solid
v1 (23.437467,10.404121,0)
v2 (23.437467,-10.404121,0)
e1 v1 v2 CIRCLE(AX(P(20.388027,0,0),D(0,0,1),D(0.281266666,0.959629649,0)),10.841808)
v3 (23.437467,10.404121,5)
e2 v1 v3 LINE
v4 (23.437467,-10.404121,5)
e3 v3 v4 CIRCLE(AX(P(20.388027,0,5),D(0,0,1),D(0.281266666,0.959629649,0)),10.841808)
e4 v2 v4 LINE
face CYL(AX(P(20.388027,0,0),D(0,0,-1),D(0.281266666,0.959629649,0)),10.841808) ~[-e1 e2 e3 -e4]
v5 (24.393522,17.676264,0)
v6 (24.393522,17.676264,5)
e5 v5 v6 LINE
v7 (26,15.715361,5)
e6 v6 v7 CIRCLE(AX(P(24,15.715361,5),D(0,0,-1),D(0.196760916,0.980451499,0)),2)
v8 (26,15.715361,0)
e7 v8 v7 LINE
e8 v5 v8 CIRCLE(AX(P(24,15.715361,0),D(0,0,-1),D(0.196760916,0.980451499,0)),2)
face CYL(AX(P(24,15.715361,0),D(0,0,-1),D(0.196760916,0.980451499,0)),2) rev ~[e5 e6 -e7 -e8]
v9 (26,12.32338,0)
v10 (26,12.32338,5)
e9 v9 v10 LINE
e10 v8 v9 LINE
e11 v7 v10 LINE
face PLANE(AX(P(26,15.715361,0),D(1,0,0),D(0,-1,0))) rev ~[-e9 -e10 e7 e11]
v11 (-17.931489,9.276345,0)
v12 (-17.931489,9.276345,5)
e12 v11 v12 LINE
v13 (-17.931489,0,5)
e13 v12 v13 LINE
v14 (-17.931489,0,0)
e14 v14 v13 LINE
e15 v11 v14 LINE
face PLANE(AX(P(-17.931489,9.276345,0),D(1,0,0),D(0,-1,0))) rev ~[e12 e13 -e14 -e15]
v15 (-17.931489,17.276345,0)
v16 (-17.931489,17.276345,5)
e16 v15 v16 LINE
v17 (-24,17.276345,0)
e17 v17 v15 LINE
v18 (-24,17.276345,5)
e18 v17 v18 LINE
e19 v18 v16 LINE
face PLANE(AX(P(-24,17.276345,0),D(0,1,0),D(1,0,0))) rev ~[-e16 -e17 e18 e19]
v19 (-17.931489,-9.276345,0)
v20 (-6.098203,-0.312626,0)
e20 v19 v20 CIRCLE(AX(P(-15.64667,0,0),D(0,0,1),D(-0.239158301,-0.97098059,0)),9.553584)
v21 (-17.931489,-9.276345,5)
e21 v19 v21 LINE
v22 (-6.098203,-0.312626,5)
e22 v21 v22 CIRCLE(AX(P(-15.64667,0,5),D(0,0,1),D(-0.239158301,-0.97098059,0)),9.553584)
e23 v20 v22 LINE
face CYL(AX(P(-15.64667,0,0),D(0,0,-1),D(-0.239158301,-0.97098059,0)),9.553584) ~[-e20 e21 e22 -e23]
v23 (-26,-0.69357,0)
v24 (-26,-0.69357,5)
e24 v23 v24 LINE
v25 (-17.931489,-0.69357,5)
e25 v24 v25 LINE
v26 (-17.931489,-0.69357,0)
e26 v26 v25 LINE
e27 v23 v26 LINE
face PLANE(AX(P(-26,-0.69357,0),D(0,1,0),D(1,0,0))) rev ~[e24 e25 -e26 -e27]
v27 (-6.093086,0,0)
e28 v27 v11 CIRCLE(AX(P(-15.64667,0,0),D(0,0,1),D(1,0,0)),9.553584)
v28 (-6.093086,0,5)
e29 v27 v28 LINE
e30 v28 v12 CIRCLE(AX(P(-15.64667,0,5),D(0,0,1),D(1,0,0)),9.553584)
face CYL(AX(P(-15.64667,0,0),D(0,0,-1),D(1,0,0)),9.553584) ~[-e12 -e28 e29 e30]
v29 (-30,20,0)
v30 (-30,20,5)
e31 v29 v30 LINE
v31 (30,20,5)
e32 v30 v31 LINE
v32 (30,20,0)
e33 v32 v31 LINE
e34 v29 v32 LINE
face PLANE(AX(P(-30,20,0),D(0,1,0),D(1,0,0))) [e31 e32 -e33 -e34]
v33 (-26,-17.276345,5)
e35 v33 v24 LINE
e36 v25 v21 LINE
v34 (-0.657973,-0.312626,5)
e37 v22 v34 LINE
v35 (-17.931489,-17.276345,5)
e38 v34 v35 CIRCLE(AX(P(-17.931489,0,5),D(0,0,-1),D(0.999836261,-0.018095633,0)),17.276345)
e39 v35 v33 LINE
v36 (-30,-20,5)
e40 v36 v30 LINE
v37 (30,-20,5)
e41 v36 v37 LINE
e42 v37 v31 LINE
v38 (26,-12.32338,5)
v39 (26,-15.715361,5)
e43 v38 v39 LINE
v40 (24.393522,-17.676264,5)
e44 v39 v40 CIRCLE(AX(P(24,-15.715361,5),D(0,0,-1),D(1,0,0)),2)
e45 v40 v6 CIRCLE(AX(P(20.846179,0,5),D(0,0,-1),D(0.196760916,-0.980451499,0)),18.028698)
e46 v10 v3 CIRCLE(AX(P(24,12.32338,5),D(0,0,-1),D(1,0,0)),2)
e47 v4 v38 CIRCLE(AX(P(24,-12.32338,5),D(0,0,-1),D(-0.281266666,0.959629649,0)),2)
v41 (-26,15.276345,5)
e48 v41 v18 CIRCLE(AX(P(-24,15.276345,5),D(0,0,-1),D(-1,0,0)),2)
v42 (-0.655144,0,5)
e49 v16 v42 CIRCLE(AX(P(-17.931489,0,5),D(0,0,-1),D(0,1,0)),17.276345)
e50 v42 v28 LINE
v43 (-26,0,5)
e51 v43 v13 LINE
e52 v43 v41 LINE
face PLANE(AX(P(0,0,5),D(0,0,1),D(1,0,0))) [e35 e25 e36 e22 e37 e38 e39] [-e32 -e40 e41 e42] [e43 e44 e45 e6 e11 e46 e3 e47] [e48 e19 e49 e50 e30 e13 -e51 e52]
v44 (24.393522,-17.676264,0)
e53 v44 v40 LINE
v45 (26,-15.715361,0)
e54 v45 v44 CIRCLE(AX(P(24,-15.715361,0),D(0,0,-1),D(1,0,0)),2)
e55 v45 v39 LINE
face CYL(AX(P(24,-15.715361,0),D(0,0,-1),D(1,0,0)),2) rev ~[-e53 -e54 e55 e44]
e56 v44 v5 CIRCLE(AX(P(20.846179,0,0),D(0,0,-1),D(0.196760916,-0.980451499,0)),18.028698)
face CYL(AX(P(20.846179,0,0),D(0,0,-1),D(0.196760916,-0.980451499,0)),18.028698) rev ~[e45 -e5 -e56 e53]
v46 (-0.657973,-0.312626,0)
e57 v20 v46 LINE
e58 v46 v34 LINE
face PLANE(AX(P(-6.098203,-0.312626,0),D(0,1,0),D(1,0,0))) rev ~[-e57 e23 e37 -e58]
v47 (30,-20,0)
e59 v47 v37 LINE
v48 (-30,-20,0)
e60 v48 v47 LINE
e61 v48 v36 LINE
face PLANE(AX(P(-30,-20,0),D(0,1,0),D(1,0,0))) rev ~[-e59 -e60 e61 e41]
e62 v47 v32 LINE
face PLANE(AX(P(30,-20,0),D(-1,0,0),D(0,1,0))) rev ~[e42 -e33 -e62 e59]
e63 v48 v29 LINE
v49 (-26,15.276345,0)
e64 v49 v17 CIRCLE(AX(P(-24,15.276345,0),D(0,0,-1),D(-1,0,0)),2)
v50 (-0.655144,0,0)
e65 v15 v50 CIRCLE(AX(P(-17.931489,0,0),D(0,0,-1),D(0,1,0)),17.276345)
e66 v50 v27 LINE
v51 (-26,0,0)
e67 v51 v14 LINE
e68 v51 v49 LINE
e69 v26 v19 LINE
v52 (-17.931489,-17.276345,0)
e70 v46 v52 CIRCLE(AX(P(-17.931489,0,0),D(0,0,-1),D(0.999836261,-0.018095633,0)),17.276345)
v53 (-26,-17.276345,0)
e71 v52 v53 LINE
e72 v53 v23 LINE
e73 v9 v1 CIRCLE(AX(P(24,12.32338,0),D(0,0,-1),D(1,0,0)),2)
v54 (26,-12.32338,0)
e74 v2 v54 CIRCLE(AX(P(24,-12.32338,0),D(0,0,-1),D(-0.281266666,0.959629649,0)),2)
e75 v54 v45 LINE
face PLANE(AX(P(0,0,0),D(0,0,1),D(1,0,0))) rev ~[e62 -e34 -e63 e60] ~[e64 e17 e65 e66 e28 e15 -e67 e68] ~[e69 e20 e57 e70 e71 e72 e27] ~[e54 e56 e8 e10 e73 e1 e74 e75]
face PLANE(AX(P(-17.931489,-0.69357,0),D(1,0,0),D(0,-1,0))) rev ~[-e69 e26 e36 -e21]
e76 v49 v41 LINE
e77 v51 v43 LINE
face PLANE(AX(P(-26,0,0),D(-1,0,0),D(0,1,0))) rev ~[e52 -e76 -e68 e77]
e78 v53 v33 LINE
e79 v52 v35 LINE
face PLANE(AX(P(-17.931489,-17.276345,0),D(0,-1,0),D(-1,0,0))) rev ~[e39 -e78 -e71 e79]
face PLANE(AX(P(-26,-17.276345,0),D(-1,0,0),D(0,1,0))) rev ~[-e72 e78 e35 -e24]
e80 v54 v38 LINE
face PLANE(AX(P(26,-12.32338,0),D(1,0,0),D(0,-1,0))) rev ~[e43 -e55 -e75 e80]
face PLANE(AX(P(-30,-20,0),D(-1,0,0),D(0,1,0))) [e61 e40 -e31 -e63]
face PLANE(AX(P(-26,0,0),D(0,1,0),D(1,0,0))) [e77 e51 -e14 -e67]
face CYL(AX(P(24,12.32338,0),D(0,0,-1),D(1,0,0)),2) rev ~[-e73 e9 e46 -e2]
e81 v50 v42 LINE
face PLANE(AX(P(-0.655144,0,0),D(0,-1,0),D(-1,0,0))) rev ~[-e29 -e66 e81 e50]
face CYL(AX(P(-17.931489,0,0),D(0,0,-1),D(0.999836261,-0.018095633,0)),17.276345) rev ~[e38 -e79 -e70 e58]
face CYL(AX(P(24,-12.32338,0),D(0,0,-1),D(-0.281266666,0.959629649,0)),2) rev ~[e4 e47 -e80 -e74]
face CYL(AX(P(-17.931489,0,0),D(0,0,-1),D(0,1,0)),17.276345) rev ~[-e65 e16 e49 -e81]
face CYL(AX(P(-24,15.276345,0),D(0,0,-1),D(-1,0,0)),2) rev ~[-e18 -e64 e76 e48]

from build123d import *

# Parameters (mm, degrees)
F0_W     = 60
F0_H     = 40
F0_W_2   = 8.0685107261
F0_H_2   = 0.6935700076
F1_DEPTH = 5


with BuildPart() as f1:
    # F0 (on Top) → F1 (new body)
    with BuildSketch(Plane.XY):
        Rectangle(F0_W, F0_H)
        with BuildLine():
            ThreePointArc((-26, 15.2763448209), (-25.4142135624, 16.6905583832), (-24, 17.2763448209))
            Line((-24, 17.2763448209), (-17.9314892739, 17.2763448209))
            ThreePointArc((-17.9314892739, 17.2763448209), (-5.715268697, 12.2162205769), (-0.655144453, 0))
            ThreePointArc((-0.655144453, 0), (-0.655851672, -0.1563195998), (-0.657973271, -0.3126264014))
            ThreePointArc((-0.657973271, -0.3126264014), (-5.8263034253, -12.3262551467), (-17.9314892739, -17.2763448209))
            Line((-17.9314892739, -17.2763448209), (-26, -17.2763448209))
            Line((-26, -17.2763448209), (-26, -0.6935700076))
            Line((-26, -0.6935700076), (-26, 0))
            Line((-26, 0), (-26, 15.2763448209))
        make_face(mode=Mode.SUBTRACT)
        with BuildLine():
            ThreePointArc((24.3935218324, -17.6762643484), (2.8174802449, 0), (24.3935218324, 17.6762643484))
            ThreePointArc((24.3935218324, 17.6762643484), (25.5471011061, 16.9828305483), (26, 15.7153613504))
            Line((26, 15.7153613504), (26, 12.3233801185))
            ThreePointArc((26, 12.3233801185), (25.1989439805, 10.7225886481), (23.4374666684, 10.404120821))
            ThreePointArc((23.4374666684, 10.404120821), (9.5462189227, 0), (23.4374666684, -10.404120821))
            ThreePointArc((23.4374666684, -10.404120821), (25.1989439805, -10.7225886481), (26, -12.3233801185))
            Line((26, -12.3233801185), (26, -15.7153613504))
            ThreePointArc((26, -15.7153613504), (25.5471011061, -16.9828305483), (24.3935218324, -17.6762643484))
        make_face(mode=Mode.SUBTRACT)
        with BuildLine():
            ThreePointArc((-6.0930861142, 0), (-9.7541852385, 7.5199461868), (-17.9314892739, 9.2763448209))
            Line((-17.9314892739, 9.2763448209), (-17.9314892739, 0))
            Line((-17.9314892739, 0), (-17.9314892739, -0.6935700076))
            Line((-17.9314892739, -0.6935700076), (-17.9314892739, -9.2763448209))
            ThreePointArc((-17.9314892739, -9.2763448209), (-9.8780300644, -7.6153634638), (-6.0982025942, -0.3126264014))
            ThreePointArc((-6.0982025942, -0.3126264014), (-6.0943653199, -0.1563341335), (-6.0930861142, 0))
        make_face()
        with BuildLine():
            ThreePointArc((-0.657973271, -0.3126264014), (-0.655851672, -0.1563195998), (-0.655144453, 0))
            Line((-0.655144453, 0), (-6.0930861142, 0))
            ThreePointArc((-6.0930861142, 0), (-6.0943653199, -0.1563341335), (-6.0982025942, -0.3126264014))
            Line((-6.0982025942, -0.3126264014), (-0.657973271, -0.3126264014))
        make_face()
        with Locations((-21.965744637, -0.3467850038)):
            Rectangle(F0_W_2, F0_H_2)
    extrude(amount=F1_DEPTH)


solid = f1.part
